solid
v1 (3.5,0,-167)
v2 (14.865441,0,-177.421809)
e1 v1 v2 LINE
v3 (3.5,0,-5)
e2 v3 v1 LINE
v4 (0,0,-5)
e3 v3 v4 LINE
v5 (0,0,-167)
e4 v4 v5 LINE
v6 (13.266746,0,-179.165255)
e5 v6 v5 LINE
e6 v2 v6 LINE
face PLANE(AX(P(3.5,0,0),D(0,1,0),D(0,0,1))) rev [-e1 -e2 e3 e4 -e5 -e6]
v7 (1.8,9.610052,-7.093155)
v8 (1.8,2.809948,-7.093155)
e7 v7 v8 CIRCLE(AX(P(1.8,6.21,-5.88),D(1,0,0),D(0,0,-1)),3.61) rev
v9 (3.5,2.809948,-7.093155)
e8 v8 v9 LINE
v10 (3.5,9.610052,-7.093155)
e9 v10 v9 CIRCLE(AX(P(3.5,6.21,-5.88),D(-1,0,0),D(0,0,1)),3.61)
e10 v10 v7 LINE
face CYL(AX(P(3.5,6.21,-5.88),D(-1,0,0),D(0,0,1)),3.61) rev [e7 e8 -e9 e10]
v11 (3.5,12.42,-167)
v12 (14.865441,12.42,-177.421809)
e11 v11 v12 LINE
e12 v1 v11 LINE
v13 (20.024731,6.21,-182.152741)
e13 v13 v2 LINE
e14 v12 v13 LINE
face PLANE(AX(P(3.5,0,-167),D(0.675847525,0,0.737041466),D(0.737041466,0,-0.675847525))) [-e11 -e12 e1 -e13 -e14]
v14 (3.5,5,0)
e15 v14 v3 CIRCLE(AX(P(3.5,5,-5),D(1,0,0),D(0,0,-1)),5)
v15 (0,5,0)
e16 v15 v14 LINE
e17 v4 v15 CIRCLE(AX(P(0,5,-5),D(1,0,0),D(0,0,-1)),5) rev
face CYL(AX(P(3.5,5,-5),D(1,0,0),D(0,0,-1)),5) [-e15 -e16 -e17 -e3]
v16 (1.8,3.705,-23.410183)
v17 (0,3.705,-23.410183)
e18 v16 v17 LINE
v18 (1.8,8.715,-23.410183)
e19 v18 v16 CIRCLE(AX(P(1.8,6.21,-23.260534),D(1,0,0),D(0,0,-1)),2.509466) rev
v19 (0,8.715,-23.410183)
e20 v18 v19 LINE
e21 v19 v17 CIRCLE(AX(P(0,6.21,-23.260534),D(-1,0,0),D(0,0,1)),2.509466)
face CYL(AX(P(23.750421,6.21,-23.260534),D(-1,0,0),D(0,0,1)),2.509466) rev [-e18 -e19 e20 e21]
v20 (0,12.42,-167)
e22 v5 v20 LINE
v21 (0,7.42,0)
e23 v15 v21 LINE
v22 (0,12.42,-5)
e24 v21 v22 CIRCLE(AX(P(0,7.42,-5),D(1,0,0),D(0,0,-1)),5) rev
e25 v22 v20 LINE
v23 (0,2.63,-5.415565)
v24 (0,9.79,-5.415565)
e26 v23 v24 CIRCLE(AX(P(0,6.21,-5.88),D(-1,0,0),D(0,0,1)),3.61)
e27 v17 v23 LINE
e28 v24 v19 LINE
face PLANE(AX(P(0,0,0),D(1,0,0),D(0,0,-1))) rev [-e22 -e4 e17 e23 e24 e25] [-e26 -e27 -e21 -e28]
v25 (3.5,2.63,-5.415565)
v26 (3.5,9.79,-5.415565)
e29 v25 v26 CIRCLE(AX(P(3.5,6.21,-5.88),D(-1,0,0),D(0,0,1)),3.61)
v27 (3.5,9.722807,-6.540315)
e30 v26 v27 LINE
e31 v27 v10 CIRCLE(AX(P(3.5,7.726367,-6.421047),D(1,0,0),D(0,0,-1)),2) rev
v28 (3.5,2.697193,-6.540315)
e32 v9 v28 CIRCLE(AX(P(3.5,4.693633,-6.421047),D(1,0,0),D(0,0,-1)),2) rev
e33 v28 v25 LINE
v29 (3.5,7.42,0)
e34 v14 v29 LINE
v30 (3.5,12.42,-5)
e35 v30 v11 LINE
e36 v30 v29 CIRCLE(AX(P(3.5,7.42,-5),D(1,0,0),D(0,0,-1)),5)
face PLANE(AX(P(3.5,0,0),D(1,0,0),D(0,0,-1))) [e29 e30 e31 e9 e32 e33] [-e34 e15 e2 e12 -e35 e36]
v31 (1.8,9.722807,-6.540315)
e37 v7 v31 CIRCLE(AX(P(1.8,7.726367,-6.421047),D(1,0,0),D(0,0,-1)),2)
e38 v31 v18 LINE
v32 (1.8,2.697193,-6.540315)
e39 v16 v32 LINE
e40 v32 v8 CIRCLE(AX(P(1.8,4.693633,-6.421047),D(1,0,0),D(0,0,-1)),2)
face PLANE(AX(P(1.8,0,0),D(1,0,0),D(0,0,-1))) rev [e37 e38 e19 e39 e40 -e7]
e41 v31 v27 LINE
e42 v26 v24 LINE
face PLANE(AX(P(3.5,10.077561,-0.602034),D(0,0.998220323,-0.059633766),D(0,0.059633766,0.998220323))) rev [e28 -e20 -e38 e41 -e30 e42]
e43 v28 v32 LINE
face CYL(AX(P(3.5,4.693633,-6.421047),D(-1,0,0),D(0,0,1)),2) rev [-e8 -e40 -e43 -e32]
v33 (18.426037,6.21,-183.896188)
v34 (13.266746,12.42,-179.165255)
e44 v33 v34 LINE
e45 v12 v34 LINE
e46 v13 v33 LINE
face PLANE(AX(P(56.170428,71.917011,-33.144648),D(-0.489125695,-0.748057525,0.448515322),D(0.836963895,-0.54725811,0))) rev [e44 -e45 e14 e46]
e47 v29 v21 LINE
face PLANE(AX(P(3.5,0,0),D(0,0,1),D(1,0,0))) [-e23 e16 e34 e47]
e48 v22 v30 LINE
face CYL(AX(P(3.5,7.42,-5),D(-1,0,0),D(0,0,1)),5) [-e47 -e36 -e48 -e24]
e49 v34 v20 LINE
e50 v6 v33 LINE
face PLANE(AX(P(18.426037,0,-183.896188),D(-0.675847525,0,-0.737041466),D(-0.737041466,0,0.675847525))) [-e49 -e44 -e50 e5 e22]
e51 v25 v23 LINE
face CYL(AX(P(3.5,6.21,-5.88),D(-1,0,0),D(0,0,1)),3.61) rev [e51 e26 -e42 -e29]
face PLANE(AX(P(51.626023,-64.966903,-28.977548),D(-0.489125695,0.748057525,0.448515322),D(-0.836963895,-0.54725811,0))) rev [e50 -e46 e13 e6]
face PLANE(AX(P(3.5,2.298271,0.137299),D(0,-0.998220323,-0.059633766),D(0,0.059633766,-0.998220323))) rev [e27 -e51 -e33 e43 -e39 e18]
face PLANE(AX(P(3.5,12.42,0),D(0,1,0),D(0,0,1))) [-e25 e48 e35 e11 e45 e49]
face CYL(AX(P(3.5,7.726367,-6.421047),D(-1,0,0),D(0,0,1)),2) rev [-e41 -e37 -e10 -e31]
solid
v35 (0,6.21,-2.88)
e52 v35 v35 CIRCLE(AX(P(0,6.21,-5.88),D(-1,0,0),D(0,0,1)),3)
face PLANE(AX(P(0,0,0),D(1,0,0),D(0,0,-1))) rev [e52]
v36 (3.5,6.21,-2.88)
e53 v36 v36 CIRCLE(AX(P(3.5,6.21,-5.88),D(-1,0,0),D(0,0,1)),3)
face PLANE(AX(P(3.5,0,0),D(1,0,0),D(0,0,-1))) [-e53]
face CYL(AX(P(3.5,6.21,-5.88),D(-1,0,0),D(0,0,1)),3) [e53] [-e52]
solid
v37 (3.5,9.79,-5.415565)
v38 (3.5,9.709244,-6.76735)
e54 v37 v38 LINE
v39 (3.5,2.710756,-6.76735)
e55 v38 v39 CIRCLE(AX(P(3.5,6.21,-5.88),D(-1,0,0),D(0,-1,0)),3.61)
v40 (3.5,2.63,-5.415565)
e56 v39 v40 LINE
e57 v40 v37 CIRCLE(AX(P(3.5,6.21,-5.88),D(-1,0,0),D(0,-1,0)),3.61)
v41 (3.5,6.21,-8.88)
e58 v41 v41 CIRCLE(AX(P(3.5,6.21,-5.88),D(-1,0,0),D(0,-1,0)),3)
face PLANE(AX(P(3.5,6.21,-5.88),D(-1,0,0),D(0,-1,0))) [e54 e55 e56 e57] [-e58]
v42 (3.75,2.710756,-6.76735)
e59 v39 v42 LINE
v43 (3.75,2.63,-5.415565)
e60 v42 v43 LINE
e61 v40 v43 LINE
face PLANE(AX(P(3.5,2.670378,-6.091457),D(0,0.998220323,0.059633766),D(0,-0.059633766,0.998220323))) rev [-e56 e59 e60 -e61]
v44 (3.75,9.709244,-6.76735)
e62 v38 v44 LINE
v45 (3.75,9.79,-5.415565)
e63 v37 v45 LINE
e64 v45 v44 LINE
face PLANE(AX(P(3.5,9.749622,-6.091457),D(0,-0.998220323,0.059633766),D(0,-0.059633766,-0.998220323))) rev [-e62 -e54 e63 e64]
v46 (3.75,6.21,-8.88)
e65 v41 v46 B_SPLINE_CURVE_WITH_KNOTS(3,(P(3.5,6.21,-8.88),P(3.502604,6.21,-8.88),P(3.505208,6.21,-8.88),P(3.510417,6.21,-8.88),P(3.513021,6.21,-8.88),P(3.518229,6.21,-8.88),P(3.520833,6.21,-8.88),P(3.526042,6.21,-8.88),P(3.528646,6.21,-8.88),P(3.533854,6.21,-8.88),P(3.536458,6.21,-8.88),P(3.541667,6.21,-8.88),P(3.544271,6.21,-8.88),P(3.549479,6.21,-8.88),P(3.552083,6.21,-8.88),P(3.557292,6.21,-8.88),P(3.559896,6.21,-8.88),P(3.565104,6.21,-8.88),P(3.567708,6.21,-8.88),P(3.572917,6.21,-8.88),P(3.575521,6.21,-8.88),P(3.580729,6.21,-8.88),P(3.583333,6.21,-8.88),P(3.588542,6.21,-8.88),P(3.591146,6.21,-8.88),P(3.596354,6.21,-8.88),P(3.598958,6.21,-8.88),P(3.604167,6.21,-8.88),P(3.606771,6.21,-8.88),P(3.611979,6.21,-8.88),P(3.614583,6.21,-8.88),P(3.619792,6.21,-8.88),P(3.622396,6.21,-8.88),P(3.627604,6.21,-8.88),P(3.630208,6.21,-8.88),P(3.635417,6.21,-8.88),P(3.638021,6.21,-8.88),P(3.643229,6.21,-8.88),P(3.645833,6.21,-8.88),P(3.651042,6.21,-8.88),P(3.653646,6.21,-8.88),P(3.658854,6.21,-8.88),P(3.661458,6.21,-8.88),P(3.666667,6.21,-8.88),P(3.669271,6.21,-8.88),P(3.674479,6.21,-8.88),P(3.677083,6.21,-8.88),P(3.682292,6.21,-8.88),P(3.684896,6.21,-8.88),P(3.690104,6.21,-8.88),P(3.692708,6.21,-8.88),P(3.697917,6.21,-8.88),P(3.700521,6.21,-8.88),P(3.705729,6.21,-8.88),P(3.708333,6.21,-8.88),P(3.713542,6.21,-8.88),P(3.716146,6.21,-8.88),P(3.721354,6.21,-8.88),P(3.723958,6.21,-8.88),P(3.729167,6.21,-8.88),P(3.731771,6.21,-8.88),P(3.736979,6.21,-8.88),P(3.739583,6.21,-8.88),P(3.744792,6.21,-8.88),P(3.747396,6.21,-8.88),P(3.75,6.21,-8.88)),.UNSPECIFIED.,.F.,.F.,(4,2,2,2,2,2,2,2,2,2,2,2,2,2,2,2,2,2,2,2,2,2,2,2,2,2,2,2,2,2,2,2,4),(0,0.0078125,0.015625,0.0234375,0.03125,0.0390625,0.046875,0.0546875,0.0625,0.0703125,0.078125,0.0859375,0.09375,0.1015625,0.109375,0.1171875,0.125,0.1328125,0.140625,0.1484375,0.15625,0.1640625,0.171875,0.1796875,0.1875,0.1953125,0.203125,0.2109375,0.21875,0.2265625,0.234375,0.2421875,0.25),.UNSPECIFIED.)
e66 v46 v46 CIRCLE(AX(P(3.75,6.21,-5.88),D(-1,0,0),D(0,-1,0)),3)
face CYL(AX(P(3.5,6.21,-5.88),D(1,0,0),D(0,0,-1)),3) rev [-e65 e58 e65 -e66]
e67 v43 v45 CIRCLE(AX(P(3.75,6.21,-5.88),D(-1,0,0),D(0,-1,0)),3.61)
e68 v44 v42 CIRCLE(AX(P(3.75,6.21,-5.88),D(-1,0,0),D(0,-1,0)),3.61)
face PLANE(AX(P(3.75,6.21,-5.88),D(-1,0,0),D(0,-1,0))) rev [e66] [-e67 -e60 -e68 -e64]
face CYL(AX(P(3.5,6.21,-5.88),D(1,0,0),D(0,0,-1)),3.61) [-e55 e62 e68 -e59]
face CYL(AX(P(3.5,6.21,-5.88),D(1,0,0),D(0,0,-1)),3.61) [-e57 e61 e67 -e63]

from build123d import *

# Parameters (mm, degrees)
SKETCH1_W               = 167
SKETCH1_H               = 12.42
BOSS_EXTRUDE1_DEPTH     = 3.5
SKETCH7_R               = 3
CUT_EXTRUDE1_DEPTH      = 188.444675571
CUT_EXTRUDE2_DEPTH      = 1.8
FILLET1_R               = 5
FILLET2_R               = 2
BOSS_EXTRUDE2_START     = -3.5
SKETCH7_5_R             = 3
BOSS_EXTRUDE2_DEPTH     = 0.25
CUT_EXTRUDE5_DEPTH      = 188.449510269
CUT_EXTRUDE5_DEPTH_BACK = 188.449510269
BOSS_EXTRUDE3_DEPTH     = 12.42
CUT_EXTRUDE7_DEPTH      = 140.602620265
CUT_EXTRUDE7_DEPTH_BACK = 140.602620265


with BuildPart() as part:
    # Sketch1 → Boss-Extrude1 (new body)
    with BuildSketch(Plane(origin=(0, 0, 0), x_dir=(0, 0, -1), z_dir=(1, 0, 0))):
        with Locations((83.5, 6.21)):
            Rectangle(SKETCH1_W, SKETCH1_H)
        Polygon((180, 0), (167, 0), (167, 12.42), (180, 12.42), (187, 6.21), align=None)
    extrude(amount=BOSS_EXTRUDE1_DEPTH)

    # Sketch7 → Cut-Extrude1 (cut, through all)
    with BuildSketch(Plane.ZY):
        with BuildLine():
            ThreePointArc((-2.27, 6.21), (-3.168108515, 8.592801832), (-5.415564859, 9.79))
            Line((-5.415564859, 9.79), (-6.76734979, 9.709244254))
            ThreePointArc((-6.76734979, 9.709244254), (-9.49, 6.21), (-6.76734979, 2.710755746))
            Line((-6.76734979, 2.710755746), (-5.415564859, 2.63))
            ThreePointArc((-5.415564859, 2.63), (-3.168108515, 3.827198168), (-2.27, 6.21))
        make_face()
        with Locations((-5.88, 6.21)):
            Circle(SKETCH7_R, mode=Mode.SUBTRACT)
    extrude(amount=-CUT_EXTRUDE1_DEPTH, mode=Mode.SUBTRACT)


with BuildPart() as cut_extrude1_piece_1:
    # of the separate pieces the step leaves, piece 1, a body of its own (cut_extrude1_pieces)
    add(part.part.solids().sort_by_distance((0, 0, 0))[0])

    # Sketch7<3> → Cut-Extrude2 (cut)
    with BuildSketch(Plane.ZY):
        with BuildLine():
            ThreePointArc((-6.76734979, 2.710755746), (-9.49, 6.21), (-6.76734979, 9.709244254))
            Line((-6.76734979, 9.709244254), (-23.410182873, 8.715))
            ThreePointArc((-23.410182873, 8.715), (-25.77, 6.21), (-23.410182873, 3.705))
            Line((-23.410182873, 3.705), (-6.76734979, 2.710755746))
        make_face()
    extrude(amount=-CUT_EXTRUDE2_DEPTH, mode=Mode.SUBTRACT)

    # Fillet1
    fillet1_edges = [cut_extrude1_piece_1.edges().sort_by_distance(p)[0] for p in [
        (1.75, 0, 0),
        (1.75, 12.42, 0),
    ]]
    fillet(fillet1_edges, radius=FILLET1_R)

    # Fillet2
    fillet2_edges = [cut_extrude1_piece_1.edges().sort_by_distance(p)[0] for p in [
        (2.65, 9.709244254, -6.76734979),
        (2.65, 2.710755746, -6.76734979),
    ]]
    fillet(fillet2_edges, radius=FILLET2_R)

    # Sketch1<4> → Cut-Extrude5 (cut, two sides: drawn at the far end of the back side and taken through both)
    with BuildSketch(Plane(origin=(0, 0, 0), x_dir=(0, 0, -1), z_dir=(1, 0, 0)).offset(-CUT_EXTRUDE5_DEPTH_BACK)):
        Polygon((180, 0), (167, 0), (167, 12.42), (180, 12.42), (187, 6.21), align=None)
    extrude(amount=CUT_EXTRUDE5_DEPTH + CUT_EXTRUDE5_DEPTH_BACK, mode=Mode.SUBTRACT)

    # Sketch8 → Boss-Extrude3 (add)
    with BuildSketch(Plane(origin=(0, 12.42, 0), x_dir=(1, 0, 0), z_dir=(0, 1, 0))):
        Polygon((3.5, 167), (20.024731229, 182.152741342), (18.426036661, 183.89618812), (0, 167), align=None)
    extrude(amount=-BOSS_EXTRUDE3_DEPTH)

    # Sketch9 → Cut-Extrude7 (cut, two sides: drawn at the far end of the back side and taken through both)
    with BuildSketch(Plane(origin=(-83.187317676, 0, -90.71943058), x_dir=(-0.737041466427066, 0, 0.6758475247916796), z_dir=(-0.6758475247916796, 0, -0.737041466427066)).offset(-CUT_EXTRUDE7_DEPTH_BACK)):
        Polygon((-137.86653664, 12.42), (-137.86653664, 6.21), (-130.86653664, 12.42), align=None)
        Polygon((-130.86653664, 0), (-137.86653664, 6.21), (-137.86653664, 0), align=None)
    extrude(amount=CUT_EXTRUDE7_DEPTH + CUT_EXTRUDE7_DEPTH_BACK, mode=Mode.SUBTRACT)


with BuildPart() as cut_extrude1_piece_2:
    # of the separate pieces the step leaves, piece 2, a body of its own (cut_extrude1_pieces)
    add(part.part.solids().sort_by_distance((3.5, 6.21, -2.88))[0])


with BuildPart() as body_3:
    # Sketch7<5> → Boss-Extrude2 (new body)
    with BuildSketch(Plane.ZY.offset(BOSS_EXTRUDE2_START)):
        with BuildLine():
            ThreePointArc((-2.27, 6.21), (-3.168108515, 8.592801832), (-5.415564859, 9.79))
            Line((-5.415564859, 9.79), (-6.76734979, 9.709244254))
            ThreePointArc((-6.76734979, 9.709244254), (-9.49, 6.21), (-6.76734979, 2.710755746))
            Line((-6.76734979, 2.710755746), (-5.415564859, 2.63))
            ThreePointArc((-5.415564859, 2.63), (-3.168108515, 3.827198168), (-2.27, 6.21))
        make_face()
        with Locations(Location((-5.88, 6.21, 0), (0, 0, 180))):
            Circle(SKETCH7_5_R, mode=Mode.SUBTRACT)
    extrude(amount=-BOSS_EXTRUDE2_DEPTH)


solid = Compound([cut_extrude1_piece_1.part, cut_extrude1_piece_2.part, body_3.part])
